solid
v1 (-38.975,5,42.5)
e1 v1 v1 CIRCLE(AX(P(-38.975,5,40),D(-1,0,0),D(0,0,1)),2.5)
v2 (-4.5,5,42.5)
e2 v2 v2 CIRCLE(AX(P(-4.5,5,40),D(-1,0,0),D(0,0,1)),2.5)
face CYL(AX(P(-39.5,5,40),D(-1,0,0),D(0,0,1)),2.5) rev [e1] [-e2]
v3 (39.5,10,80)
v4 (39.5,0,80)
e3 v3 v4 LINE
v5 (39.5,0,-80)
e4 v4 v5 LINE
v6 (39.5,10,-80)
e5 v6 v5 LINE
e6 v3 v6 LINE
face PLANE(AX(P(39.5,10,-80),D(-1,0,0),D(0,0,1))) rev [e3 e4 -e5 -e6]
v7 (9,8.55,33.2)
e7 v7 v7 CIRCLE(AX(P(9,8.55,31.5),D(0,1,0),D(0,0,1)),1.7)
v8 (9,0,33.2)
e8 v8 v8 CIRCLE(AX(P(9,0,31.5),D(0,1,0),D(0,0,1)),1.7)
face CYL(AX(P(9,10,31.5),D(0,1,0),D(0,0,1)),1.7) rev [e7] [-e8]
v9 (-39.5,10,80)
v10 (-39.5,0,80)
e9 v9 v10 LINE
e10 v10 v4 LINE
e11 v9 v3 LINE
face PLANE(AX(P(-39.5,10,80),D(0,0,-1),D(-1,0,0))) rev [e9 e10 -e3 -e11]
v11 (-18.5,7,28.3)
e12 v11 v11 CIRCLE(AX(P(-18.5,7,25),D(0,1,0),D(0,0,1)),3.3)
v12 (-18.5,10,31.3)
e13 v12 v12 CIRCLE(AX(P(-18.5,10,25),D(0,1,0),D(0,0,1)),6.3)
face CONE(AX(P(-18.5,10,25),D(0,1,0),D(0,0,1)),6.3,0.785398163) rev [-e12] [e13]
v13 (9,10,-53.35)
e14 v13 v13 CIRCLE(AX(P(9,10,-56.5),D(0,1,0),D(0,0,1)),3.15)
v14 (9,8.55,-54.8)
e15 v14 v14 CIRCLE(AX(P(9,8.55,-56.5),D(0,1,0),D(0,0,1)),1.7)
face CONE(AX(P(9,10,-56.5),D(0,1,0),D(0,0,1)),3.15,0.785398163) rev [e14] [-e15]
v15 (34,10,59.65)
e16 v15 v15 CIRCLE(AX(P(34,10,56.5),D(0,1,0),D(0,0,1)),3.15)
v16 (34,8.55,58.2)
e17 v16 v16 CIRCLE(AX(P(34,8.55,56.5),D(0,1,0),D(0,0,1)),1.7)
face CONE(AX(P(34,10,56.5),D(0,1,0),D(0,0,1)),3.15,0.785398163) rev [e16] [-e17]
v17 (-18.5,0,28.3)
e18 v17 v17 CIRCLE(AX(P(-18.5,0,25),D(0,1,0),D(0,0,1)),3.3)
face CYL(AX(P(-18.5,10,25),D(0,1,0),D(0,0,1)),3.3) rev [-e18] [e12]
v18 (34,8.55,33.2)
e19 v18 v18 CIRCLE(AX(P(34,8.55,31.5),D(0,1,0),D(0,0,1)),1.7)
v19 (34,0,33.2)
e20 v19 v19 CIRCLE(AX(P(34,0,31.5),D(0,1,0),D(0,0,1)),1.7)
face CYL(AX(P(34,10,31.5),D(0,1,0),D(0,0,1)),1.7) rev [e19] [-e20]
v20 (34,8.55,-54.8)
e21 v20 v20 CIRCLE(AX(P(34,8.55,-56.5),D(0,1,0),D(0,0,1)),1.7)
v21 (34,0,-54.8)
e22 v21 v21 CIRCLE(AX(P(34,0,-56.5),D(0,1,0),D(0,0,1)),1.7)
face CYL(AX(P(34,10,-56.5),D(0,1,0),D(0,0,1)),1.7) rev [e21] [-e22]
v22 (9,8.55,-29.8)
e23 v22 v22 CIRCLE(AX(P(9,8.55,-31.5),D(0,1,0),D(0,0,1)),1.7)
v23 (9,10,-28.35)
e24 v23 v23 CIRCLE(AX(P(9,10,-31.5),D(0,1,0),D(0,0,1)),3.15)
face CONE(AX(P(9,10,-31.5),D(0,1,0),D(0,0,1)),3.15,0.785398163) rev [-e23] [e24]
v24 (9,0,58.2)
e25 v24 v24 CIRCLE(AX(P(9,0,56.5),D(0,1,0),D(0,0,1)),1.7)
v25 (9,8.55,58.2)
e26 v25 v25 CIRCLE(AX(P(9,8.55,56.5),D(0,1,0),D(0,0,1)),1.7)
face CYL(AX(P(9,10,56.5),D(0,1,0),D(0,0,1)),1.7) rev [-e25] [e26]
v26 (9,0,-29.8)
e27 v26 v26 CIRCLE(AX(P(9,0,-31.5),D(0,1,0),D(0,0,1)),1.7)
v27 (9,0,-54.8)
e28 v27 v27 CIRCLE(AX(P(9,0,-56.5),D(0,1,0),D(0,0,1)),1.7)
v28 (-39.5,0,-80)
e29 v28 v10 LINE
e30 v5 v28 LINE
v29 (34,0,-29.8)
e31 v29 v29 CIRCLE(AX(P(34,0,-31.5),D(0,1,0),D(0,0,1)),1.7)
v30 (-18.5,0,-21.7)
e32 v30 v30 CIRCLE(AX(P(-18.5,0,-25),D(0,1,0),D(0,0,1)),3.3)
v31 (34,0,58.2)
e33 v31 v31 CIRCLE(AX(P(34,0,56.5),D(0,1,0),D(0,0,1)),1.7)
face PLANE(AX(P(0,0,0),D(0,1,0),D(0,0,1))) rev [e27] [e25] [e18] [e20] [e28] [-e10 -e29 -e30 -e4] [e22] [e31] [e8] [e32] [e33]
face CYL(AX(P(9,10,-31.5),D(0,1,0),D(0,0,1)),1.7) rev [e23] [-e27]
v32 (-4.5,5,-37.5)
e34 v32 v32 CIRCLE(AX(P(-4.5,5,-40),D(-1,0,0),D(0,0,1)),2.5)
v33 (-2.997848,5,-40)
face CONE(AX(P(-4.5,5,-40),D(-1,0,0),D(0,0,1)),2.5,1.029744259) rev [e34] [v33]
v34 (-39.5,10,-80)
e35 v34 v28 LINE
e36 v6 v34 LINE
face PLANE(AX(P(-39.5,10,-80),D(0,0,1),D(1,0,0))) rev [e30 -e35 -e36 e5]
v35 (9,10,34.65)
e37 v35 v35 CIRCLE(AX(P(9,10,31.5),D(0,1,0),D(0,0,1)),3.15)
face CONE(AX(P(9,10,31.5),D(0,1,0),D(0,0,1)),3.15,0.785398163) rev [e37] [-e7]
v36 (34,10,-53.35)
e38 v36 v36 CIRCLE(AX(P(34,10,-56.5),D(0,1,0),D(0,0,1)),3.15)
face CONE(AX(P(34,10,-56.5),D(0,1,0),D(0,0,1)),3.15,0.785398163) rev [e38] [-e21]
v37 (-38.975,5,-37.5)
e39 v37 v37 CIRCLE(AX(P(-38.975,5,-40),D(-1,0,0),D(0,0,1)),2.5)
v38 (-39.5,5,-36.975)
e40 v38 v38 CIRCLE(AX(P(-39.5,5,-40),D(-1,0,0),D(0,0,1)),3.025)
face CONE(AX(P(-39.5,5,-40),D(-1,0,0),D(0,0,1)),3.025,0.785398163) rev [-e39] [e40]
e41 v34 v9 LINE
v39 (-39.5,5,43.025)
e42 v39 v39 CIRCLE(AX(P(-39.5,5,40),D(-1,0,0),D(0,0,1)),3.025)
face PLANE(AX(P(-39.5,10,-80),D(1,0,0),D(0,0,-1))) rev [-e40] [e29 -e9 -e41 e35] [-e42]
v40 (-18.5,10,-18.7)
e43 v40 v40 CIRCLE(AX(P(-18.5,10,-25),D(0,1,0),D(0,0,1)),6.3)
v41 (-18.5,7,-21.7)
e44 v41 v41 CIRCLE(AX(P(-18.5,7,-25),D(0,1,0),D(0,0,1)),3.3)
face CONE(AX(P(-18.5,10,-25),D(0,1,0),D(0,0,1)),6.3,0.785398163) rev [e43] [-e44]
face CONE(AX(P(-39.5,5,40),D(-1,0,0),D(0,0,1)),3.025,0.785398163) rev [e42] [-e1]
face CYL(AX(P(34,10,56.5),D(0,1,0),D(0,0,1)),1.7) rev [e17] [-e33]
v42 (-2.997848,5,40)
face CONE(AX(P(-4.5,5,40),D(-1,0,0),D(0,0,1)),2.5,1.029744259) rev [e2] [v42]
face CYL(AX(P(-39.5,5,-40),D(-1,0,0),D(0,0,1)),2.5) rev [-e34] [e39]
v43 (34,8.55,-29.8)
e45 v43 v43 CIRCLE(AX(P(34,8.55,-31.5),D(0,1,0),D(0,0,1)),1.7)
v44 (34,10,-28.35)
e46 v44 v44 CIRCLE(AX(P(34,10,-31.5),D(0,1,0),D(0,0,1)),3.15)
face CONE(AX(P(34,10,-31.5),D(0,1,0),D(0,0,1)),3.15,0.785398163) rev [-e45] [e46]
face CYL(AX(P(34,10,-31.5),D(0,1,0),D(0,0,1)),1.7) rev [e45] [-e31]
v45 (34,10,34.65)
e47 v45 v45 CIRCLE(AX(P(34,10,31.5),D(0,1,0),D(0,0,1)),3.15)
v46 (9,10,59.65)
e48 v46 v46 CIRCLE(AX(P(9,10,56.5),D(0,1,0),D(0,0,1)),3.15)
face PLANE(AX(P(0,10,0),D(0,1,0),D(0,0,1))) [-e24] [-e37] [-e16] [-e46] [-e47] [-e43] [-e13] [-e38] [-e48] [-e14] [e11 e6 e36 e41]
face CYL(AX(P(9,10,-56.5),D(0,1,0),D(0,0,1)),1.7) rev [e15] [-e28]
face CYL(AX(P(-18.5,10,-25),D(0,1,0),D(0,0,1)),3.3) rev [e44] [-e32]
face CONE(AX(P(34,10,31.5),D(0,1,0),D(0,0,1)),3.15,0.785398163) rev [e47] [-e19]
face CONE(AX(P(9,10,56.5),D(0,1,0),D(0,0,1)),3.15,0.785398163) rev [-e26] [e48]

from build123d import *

# Parameters (mm, degrees)
SKETCH_1_W                  = 79
SKETCH_1_H                  = 160
EXTRUDE_300_DEPTH           = 10
HOLE_WIZARD_M3_D            = 3.4
HOLE_WIZARD_M3_CSINK_D      = 6.3
HOLE_WIZARD_M3_CSINK_ANGLE  = 90
HOLE_WIZARD_M6_D            = 6.6
HOLE_WIZARD_M6_CSINK_D      = 12.6
HOLE_WIZARD_M6_CSINK_ANGLE  = 90
HOLE_WIZARD_M61_D           = 5
HOLE_WIZARD_M61_DEPTH       = 35
HOLE_WIZARD_M61_CSINK_D     = 6.05
HOLE_WIZARD_M61_CSINK_ANGLE = 90
HOLE_WIZARD_M61_TIP         = 1.502151548


with BuildPart() as part:
    # Эскиз1 → Extrude 300 (new body)
    with BuildSketch(Plane(origin=(0, 0, 0), x_dir=(1, 0, 0), z_dir=(0, 1, 0))):
        Rectangle(SKETCH_1_W, SKETCH_1_H)
    extrude(amount=EXTRUDE_300_DEPTH)

    # Каретки M3 (through all)
    with Locations(Plane(origin=(0, 10, 0), x_dir=(1, 0, 0), z_dir=(0, 1, 0))):
        with Locations((9, -56.5), (34, -56.5), (34, -31.5), (9, -31.5), (9, 56.5), (9, 31.5), (34, 31.5), (34, 56.5)):
            CounterSinkHole(HOLE_WIZARD_M3_D / 2, HOLE_WIZARD_M3_CSINK_D / 2, counter_sink_angle=HOLE_WIZARD_M3_CSINK_ANGLE)

    # КреплениеПлиты-M6 (through all)
    with Locations(Plane(origin=(0, 10, 0), x_dir=(1, 0, 0), z_dir=(0, 1, 0))):
        with Locations((-18.5, 25), (-18.5, -25)):
            CounterSinkHole(HOLE_WIZARD_M6_D / 2, HOLE_WIZARD_M6_CSINK_D / 2, counter_sink_angle=HOLE_WIZARD_M6_CSINK_ANGLE)

    # Отверстие обработанное метчиком M61
    with Locations(Plane.ZY.offset(39.5)):
        with Locations((-40, 5), (40, 5)):
            CounterSinkHole(HOLE_WIZARD_M61_D / 2, HOLE_WIZARD_M61_CSINK_D / 2, depth=HOLE_WIZARD_M61_DEPTH, counter_sink_angle=HOLE_WIZARD_M61_CSINK_ANGLE)
            with Locations((0, 0, -(HOLE_WIZARD_M61_DEPTH + HOLE_WIZARD_M61_TIP / 2))):  # 118° drill point
                Cone(0, HOLE_WIZARD_M61_D / 2, HOLE_WIZARD_M61_TIP, mode=Mode.SUBTRACT)


solid = part.part
